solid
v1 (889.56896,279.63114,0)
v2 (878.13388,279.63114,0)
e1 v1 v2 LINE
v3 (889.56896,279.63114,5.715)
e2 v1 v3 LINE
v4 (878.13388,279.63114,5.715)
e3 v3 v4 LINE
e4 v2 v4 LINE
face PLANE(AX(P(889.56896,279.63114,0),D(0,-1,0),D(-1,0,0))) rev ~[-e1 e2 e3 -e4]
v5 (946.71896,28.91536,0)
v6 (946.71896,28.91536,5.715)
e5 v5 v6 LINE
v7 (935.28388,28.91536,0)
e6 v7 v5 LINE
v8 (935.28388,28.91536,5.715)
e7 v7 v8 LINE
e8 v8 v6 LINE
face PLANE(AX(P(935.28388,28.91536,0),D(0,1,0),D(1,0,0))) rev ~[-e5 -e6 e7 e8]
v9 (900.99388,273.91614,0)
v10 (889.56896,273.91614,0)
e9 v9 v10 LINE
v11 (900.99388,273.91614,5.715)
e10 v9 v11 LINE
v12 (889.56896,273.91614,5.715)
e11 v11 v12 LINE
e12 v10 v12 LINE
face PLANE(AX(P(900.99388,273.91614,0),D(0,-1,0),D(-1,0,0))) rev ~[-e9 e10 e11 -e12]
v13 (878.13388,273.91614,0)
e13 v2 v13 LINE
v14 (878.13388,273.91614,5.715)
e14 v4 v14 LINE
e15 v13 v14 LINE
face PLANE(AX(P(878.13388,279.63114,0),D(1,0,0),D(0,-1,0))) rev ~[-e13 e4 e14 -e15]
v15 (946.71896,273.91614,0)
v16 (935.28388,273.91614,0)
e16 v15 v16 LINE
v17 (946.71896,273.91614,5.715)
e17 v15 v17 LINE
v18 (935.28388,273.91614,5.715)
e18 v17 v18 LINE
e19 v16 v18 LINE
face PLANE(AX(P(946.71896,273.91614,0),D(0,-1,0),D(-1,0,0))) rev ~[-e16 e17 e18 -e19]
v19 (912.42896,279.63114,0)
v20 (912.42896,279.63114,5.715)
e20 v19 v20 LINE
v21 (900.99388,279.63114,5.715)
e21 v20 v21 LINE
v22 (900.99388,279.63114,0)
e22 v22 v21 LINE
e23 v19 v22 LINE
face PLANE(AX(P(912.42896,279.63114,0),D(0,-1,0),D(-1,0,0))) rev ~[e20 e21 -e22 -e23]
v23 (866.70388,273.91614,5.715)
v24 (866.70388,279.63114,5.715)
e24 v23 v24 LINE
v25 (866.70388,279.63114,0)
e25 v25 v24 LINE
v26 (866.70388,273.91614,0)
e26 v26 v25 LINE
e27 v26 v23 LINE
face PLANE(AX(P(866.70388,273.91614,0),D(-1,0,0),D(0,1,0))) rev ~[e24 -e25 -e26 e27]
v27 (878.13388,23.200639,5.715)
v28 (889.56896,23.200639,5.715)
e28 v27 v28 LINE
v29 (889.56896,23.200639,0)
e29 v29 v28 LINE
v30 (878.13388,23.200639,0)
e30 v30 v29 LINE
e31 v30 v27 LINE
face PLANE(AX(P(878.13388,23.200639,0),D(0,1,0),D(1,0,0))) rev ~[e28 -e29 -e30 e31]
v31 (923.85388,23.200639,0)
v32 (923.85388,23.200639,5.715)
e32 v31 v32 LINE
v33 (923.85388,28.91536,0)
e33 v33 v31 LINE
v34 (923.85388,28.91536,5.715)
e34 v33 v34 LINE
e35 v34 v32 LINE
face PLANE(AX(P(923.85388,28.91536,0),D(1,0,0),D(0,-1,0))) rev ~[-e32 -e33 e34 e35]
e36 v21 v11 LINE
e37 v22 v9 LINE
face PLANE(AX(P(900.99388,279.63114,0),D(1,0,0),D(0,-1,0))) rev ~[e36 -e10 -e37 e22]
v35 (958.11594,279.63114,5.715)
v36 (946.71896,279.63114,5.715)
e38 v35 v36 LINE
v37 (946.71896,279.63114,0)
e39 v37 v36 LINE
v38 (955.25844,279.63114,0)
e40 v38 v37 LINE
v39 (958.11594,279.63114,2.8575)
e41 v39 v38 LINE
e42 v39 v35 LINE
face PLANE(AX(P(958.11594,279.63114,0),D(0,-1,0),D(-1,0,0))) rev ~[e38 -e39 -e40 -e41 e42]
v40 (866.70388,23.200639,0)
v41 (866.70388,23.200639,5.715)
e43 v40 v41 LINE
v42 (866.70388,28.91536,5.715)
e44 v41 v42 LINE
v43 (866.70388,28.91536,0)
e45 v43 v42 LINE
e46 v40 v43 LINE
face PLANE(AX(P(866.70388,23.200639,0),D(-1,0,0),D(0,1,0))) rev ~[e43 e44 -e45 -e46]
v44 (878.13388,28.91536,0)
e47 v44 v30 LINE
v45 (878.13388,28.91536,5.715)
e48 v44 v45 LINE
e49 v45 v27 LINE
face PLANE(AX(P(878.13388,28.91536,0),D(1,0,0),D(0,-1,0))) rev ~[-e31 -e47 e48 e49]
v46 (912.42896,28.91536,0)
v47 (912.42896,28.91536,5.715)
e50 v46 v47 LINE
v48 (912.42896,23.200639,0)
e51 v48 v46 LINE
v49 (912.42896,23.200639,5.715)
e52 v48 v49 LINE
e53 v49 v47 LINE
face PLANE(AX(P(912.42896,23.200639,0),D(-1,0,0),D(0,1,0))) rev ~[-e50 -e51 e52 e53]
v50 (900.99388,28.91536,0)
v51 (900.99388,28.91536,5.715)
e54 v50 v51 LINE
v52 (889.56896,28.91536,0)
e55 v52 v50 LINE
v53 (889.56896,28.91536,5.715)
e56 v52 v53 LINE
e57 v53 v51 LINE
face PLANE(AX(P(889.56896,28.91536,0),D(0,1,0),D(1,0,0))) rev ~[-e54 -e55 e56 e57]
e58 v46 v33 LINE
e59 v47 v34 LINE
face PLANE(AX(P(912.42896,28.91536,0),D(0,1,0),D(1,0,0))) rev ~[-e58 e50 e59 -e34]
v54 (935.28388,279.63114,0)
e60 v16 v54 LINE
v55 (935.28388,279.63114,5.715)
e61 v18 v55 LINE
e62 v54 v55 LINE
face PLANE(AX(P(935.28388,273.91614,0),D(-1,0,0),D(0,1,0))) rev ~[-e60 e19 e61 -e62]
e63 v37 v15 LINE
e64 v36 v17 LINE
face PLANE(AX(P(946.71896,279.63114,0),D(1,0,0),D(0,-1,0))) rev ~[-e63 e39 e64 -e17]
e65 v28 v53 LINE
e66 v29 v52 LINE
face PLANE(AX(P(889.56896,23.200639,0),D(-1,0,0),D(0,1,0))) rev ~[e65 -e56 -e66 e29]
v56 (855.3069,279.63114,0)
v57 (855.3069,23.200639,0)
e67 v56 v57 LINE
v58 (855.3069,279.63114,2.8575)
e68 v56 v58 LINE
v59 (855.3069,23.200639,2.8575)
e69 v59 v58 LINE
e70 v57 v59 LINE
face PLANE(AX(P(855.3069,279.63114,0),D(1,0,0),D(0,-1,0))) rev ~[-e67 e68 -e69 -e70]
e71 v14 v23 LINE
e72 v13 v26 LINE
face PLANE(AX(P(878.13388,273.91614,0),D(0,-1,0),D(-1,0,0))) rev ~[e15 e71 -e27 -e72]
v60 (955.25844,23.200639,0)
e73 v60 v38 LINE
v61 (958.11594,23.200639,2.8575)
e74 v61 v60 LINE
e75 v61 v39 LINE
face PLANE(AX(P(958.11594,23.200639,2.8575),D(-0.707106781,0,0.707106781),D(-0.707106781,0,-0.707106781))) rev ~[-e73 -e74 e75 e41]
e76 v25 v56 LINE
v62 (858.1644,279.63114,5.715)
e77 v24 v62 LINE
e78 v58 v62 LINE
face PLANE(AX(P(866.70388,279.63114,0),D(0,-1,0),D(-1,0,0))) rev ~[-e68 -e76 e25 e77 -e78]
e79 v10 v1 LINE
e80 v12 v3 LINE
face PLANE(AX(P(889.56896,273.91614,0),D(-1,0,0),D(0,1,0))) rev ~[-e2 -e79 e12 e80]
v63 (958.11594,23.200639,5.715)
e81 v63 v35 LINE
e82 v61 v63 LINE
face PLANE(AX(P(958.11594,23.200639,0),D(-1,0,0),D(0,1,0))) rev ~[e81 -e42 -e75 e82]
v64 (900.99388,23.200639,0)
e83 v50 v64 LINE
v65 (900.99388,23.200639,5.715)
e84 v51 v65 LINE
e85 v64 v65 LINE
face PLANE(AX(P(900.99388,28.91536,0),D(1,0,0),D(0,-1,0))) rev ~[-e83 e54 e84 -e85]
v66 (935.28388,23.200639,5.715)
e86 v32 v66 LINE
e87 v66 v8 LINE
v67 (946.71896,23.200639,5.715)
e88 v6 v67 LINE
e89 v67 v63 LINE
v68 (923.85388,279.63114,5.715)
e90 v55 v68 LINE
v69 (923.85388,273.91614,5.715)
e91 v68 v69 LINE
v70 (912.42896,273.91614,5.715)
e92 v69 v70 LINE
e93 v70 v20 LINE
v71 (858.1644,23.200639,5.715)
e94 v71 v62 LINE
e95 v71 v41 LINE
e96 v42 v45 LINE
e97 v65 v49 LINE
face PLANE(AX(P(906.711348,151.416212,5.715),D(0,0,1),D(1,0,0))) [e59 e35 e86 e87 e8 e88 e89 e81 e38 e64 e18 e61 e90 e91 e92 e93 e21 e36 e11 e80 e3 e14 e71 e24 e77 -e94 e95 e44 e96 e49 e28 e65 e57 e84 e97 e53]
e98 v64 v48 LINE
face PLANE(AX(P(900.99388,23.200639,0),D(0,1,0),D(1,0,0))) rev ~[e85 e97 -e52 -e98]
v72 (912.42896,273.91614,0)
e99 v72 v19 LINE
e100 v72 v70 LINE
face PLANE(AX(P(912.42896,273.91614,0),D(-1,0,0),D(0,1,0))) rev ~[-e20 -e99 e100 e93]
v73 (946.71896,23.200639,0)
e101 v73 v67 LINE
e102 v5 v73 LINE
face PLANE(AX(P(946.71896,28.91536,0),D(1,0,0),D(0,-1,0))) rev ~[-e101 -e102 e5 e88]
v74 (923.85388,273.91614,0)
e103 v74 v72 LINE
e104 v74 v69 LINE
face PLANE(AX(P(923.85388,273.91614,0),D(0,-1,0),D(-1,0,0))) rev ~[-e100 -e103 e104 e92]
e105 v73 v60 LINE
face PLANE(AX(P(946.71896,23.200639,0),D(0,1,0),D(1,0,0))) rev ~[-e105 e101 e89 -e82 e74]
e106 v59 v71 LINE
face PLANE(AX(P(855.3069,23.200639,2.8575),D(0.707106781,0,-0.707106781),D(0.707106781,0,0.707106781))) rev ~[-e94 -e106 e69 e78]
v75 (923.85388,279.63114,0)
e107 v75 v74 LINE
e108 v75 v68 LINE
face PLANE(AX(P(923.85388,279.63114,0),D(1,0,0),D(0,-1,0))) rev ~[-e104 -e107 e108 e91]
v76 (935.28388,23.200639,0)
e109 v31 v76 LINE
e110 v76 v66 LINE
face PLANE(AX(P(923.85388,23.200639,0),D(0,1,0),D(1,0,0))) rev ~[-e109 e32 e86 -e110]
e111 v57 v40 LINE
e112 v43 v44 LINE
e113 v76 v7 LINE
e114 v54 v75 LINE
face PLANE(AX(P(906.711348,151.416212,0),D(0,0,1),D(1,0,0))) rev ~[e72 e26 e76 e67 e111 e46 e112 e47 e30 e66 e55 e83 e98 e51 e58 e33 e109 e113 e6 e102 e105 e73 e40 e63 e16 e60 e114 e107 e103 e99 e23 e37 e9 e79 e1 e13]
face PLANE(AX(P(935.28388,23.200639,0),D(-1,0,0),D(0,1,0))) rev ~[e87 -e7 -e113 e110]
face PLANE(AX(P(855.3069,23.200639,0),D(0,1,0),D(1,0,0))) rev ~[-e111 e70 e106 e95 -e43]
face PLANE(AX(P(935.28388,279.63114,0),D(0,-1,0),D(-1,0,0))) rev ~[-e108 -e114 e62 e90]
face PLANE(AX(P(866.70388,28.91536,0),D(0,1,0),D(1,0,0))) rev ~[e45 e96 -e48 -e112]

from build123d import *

# Parameters (mm, degrees)
BOSS_EXTRUDE1_DEPTH = 5.715
CUT_EXTRUDE1_DEPTH  = 257.4305006


with BuildPart() as part:
    # Model → Boss-Extrude1 (new body)
    with BuildSketch(Plane.XY):
        Polygon((861.0219, 23.2006394), (866.70388, 23.2006394), (866.70388, 28.91536), (878.13388, 28.91536), (878.13388, 23.2006394), (889.56896, 23.2006394), (889.56896, 28.91536), (900.99388, 28.91536), (900.99388, 23.2006394), (912.42896, 23.2006394), (912.42896, 28.91536), (923.85388, 28.91536), (923.85388, 23.2006394), (935.28388, 23.2006394), (935.28388, 28.91536), (946.71896, 28.91536), (946.71896, 23.2006394), (958.11594, 23.2006394), (958.11594, 279.63114), (946.71896, 279.63114), (946.71896, 273.91614), (935.28388, 273.91614), (935.28388, 279.63114), (923.85388, 279.63114), (923.85388, 273.91614), (912.42896, 273.91614), (912.42896, 279.63114), (900.99388, 279.63114), (900.99388, 273.91614), (889.56896, 273.91614), (889.56896, 279.63114), (878.13388, 279.63114), (878.13388, 273.91614), (866.70388, 273.91614), (866.70388, 279.63114), (855.3069, 279.63114), (855.3069, 23.2006394), align=None)
    extrude(amount=BOSS_EXTRUDE1_DEPTH)

    # Sketch1 → Cut-Extrude1 (cut, through all)
    with BuildSketch(Plane.XZ.offset(-23.2006394)):
        Polygon((855.3069, 2.8575), (858.1644, 5.715), (855.3069, 5.715), align=None)
        Polygon((958.11594, 2.8575), (955.25844, 0), (958.11594, 0), align=None)
    extrude(amount=-CUT_EXTRUDE1_DEPTH, mode=Mode.SUBTRACT)


solid = part.part
